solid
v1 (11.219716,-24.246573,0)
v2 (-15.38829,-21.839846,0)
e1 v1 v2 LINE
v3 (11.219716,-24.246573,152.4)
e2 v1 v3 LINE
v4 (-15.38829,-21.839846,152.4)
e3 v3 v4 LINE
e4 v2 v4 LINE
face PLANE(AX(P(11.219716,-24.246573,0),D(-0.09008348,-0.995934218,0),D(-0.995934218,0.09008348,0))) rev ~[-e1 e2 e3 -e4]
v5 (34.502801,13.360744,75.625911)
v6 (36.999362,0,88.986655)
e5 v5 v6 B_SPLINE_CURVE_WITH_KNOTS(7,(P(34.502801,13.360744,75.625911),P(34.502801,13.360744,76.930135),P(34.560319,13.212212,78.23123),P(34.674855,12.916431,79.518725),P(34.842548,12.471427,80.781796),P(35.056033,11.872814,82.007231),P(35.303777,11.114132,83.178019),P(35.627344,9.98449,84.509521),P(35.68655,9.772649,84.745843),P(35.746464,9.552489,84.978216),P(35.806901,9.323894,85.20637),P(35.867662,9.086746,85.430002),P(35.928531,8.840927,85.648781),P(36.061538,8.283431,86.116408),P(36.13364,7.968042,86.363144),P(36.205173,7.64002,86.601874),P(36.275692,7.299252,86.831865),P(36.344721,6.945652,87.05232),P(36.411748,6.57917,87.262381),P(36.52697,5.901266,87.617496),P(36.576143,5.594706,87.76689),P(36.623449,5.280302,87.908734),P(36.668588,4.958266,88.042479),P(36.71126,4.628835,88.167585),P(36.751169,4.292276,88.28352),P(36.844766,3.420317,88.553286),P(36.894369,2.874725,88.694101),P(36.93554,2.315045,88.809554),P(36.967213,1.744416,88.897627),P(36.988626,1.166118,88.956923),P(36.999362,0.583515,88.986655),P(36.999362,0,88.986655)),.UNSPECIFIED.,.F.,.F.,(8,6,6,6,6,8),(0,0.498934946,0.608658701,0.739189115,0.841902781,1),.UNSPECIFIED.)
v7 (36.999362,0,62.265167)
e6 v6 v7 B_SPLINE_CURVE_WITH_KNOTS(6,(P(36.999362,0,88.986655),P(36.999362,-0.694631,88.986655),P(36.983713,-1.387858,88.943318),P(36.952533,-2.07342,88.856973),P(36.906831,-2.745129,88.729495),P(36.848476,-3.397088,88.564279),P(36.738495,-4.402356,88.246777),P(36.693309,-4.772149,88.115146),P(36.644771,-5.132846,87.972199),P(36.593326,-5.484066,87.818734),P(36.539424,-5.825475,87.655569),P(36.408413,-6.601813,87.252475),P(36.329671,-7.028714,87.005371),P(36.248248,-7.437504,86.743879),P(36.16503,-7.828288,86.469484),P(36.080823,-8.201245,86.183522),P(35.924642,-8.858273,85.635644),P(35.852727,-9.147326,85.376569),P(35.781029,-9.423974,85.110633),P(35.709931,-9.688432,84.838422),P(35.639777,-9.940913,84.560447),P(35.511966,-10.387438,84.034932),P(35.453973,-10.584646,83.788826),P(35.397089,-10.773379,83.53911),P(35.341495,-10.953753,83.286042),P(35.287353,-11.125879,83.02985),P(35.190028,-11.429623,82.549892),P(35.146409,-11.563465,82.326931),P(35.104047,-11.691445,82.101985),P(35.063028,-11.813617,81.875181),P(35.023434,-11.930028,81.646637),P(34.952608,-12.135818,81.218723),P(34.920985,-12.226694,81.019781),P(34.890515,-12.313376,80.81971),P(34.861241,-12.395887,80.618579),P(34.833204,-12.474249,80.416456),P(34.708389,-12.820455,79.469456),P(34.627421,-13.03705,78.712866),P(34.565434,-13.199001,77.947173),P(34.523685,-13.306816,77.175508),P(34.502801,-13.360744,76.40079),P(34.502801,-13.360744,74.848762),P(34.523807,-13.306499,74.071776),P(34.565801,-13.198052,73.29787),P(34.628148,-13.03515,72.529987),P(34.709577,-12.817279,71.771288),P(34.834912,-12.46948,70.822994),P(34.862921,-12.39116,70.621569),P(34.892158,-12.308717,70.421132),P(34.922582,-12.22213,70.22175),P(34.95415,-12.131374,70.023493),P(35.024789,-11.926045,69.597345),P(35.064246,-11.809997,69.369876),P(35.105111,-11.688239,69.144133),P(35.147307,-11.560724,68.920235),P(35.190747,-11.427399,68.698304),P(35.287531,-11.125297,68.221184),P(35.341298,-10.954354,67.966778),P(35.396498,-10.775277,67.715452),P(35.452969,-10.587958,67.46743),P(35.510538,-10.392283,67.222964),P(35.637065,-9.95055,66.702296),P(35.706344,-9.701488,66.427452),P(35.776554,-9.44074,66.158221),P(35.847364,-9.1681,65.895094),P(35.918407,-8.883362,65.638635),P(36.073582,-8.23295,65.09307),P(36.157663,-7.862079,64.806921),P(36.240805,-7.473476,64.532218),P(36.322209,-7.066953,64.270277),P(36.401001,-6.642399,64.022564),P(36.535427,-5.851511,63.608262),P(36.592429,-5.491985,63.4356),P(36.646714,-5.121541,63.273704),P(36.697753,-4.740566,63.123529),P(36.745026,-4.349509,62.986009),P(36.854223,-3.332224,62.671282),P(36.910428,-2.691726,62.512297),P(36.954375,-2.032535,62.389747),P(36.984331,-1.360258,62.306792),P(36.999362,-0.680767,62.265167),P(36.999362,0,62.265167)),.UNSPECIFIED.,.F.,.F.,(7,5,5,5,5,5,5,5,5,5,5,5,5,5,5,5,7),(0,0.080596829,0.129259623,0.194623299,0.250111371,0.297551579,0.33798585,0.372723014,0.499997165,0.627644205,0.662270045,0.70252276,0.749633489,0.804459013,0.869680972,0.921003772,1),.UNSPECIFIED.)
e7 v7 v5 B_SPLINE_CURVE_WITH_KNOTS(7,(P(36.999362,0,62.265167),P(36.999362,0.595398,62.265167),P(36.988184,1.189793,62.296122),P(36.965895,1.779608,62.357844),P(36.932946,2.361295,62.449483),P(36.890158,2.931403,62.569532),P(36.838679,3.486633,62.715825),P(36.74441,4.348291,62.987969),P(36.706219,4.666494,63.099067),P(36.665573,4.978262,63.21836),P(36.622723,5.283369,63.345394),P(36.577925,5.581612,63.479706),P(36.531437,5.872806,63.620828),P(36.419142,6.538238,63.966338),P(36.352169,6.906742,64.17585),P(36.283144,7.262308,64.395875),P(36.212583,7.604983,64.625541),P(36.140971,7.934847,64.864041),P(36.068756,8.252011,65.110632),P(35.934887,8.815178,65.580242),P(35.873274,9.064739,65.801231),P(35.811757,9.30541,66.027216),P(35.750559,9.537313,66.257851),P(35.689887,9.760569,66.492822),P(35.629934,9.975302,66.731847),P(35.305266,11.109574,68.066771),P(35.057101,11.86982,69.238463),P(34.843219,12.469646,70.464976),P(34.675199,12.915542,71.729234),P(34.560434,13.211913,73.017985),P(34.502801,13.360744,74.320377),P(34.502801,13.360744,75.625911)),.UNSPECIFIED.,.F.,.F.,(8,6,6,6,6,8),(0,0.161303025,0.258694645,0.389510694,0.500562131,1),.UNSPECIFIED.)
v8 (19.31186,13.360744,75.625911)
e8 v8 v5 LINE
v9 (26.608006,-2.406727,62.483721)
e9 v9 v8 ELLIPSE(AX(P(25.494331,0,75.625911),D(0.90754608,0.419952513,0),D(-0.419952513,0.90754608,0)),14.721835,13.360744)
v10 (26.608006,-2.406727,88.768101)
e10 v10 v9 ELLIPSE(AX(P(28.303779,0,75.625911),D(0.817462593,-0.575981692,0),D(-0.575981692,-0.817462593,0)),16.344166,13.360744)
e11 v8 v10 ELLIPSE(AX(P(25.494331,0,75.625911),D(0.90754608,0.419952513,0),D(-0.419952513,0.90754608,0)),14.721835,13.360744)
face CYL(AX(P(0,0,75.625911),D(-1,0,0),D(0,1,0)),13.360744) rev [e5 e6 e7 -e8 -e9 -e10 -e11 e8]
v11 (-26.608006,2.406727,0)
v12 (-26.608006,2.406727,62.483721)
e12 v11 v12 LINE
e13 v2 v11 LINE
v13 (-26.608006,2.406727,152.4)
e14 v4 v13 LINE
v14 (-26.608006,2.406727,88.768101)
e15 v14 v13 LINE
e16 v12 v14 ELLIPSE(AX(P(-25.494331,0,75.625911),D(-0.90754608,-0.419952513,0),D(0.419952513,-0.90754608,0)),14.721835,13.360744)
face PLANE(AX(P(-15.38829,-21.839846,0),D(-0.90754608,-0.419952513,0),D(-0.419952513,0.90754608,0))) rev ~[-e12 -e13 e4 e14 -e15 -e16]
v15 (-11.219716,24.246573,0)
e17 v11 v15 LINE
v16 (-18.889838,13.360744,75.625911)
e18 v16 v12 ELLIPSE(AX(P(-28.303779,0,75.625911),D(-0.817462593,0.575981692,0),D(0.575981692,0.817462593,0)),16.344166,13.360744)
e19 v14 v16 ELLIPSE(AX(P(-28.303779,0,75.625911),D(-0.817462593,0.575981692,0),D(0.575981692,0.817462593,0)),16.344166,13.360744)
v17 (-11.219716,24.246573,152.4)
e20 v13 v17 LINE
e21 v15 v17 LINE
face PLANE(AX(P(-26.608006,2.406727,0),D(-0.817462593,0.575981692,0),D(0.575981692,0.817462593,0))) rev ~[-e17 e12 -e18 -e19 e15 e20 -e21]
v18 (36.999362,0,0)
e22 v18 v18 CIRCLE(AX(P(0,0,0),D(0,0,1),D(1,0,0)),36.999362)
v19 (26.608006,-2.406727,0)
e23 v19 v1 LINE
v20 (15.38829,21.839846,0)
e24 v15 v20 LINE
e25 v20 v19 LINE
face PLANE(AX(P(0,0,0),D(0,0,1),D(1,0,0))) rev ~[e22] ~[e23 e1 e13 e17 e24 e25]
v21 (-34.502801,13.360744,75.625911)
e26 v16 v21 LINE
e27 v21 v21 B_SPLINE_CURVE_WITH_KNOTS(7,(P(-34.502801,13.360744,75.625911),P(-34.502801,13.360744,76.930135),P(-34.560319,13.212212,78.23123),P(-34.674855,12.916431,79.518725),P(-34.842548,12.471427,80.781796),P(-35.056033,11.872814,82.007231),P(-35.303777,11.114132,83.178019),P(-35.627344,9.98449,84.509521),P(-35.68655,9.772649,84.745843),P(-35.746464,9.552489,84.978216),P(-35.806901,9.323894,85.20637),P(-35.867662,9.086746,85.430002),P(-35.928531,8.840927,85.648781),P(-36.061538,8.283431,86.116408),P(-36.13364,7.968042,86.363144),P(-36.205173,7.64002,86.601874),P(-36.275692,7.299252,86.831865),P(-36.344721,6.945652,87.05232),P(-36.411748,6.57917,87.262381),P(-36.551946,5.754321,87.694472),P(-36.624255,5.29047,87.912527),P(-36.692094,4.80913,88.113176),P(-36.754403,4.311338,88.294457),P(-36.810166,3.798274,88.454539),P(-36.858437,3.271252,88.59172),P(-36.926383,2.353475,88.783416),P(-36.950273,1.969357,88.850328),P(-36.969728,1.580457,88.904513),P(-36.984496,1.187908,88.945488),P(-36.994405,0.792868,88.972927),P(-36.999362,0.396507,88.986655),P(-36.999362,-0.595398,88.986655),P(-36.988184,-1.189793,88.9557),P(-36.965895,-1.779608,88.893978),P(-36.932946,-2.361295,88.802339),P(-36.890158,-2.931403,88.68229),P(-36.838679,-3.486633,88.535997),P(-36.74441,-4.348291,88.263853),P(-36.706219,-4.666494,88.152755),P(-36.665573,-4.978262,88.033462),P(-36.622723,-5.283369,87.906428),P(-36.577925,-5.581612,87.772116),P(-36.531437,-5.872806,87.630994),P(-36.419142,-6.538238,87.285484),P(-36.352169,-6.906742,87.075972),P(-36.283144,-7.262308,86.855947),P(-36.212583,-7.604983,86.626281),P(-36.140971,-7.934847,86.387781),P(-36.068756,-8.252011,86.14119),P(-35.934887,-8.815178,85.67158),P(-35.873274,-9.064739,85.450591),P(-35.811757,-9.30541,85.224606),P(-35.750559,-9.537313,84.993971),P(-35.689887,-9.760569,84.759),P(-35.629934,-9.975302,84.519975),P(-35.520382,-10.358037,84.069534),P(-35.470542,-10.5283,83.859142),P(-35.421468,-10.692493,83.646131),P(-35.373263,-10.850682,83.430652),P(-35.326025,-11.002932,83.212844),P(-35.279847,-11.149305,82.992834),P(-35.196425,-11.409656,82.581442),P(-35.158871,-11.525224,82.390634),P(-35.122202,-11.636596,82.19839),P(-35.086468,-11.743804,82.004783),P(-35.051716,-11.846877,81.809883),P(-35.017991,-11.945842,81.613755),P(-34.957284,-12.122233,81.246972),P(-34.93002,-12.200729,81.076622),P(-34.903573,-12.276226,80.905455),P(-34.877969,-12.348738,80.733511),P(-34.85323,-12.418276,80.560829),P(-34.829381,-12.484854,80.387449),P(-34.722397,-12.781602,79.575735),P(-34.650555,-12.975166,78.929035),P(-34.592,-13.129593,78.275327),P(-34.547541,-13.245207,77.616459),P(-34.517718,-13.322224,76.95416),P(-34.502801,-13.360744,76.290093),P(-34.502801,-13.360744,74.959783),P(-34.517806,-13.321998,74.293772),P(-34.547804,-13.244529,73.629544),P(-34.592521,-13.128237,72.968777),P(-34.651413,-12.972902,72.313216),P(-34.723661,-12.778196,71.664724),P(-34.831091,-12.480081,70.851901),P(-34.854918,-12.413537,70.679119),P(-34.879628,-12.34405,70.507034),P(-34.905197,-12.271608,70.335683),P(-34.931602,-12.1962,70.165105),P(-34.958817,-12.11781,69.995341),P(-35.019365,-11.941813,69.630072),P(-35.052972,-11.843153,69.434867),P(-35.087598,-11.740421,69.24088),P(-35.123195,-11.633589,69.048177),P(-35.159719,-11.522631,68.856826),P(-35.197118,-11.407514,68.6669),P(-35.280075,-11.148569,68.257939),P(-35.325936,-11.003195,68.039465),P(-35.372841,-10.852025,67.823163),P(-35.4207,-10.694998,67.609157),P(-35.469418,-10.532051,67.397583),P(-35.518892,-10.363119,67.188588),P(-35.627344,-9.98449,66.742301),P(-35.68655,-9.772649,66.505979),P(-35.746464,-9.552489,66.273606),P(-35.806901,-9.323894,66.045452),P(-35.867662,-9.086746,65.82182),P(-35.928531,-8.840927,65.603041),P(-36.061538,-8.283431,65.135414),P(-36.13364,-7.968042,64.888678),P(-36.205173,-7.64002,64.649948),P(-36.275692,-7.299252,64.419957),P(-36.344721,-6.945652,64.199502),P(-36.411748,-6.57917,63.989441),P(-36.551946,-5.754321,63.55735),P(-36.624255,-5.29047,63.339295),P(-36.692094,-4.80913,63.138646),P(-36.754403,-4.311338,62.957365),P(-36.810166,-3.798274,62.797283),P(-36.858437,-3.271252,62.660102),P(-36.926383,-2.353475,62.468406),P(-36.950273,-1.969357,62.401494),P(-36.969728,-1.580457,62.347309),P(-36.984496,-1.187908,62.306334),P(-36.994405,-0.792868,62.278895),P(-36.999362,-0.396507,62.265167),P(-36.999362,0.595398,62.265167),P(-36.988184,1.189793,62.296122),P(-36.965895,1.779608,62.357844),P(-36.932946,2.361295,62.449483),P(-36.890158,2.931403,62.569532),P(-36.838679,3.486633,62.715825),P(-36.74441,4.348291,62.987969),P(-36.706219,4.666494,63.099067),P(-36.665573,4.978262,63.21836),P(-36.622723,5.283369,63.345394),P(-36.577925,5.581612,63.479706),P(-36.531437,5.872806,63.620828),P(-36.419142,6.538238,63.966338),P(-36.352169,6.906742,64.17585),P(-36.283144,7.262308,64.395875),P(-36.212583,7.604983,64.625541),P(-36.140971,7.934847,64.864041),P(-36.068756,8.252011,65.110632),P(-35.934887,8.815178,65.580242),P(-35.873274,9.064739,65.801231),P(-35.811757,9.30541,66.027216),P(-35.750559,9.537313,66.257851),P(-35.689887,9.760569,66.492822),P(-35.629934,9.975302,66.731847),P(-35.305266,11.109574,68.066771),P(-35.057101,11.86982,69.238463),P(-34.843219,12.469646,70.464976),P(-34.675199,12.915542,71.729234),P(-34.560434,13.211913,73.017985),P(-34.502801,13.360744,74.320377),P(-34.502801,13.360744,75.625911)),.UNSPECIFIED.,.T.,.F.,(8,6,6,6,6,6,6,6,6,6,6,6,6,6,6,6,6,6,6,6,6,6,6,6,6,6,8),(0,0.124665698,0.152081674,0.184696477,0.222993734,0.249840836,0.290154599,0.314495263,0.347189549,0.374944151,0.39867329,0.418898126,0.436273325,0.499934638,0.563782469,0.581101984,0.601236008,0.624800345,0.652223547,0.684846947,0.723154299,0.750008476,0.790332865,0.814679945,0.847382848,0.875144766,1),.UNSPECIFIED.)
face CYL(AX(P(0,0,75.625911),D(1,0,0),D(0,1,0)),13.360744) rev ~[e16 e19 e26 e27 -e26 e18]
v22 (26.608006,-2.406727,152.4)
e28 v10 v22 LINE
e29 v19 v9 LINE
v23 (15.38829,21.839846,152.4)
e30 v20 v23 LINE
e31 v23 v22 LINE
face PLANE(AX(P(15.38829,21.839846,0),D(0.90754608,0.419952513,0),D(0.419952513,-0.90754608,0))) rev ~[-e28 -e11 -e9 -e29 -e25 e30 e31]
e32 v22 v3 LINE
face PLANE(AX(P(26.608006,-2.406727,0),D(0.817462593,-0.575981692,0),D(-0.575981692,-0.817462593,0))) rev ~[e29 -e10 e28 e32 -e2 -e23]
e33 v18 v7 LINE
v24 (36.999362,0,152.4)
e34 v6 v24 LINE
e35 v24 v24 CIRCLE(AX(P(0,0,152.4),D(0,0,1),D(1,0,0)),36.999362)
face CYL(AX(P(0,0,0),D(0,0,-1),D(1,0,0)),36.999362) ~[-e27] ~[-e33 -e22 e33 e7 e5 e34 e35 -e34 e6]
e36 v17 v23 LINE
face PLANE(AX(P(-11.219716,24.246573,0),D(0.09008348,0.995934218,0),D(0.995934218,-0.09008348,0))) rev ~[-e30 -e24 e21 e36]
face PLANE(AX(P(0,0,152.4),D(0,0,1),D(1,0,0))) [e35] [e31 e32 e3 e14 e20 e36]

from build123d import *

# Parameters (mm, degrees)
F0_R          = 36.999362
F1_DEPTH      = 152.4
F2_R          = 13.360744
F3_DEPTH      = 228.6
F3_DEPTH_BACK = 228.6


with BuildPart() as f1:
    # F0 (on Top) → F1 (new body)
    with BuildSketch(Plane.XY):
        Circle(F0_R)
        Polygon((11.219716, -24.246573), (-15.38829, -21.839846), (-26.608006, 2.406727), (-11.219716, 24.246573), (15.38829, 21.839846), (26.608006, -2.406727), align=None, mode=Mode.SUBTRACT)
    extrude(amount=F1_DEPTH)

    # F2 (on Right) → F3 (cut, two sides)
    with BuildSketch(Plane.YZ) as f3_sk:
        with Locations((0, 75.625911)):
            Circle(F2_R)
    extrude(amount=F3_DEPTH, mode=Mode.SUBTRACT)
    extrude(f3_sk.sketch, amount=-F3_DEPTH_BACK, mode=Mode.SUBTRACT)


solid = f1.part
